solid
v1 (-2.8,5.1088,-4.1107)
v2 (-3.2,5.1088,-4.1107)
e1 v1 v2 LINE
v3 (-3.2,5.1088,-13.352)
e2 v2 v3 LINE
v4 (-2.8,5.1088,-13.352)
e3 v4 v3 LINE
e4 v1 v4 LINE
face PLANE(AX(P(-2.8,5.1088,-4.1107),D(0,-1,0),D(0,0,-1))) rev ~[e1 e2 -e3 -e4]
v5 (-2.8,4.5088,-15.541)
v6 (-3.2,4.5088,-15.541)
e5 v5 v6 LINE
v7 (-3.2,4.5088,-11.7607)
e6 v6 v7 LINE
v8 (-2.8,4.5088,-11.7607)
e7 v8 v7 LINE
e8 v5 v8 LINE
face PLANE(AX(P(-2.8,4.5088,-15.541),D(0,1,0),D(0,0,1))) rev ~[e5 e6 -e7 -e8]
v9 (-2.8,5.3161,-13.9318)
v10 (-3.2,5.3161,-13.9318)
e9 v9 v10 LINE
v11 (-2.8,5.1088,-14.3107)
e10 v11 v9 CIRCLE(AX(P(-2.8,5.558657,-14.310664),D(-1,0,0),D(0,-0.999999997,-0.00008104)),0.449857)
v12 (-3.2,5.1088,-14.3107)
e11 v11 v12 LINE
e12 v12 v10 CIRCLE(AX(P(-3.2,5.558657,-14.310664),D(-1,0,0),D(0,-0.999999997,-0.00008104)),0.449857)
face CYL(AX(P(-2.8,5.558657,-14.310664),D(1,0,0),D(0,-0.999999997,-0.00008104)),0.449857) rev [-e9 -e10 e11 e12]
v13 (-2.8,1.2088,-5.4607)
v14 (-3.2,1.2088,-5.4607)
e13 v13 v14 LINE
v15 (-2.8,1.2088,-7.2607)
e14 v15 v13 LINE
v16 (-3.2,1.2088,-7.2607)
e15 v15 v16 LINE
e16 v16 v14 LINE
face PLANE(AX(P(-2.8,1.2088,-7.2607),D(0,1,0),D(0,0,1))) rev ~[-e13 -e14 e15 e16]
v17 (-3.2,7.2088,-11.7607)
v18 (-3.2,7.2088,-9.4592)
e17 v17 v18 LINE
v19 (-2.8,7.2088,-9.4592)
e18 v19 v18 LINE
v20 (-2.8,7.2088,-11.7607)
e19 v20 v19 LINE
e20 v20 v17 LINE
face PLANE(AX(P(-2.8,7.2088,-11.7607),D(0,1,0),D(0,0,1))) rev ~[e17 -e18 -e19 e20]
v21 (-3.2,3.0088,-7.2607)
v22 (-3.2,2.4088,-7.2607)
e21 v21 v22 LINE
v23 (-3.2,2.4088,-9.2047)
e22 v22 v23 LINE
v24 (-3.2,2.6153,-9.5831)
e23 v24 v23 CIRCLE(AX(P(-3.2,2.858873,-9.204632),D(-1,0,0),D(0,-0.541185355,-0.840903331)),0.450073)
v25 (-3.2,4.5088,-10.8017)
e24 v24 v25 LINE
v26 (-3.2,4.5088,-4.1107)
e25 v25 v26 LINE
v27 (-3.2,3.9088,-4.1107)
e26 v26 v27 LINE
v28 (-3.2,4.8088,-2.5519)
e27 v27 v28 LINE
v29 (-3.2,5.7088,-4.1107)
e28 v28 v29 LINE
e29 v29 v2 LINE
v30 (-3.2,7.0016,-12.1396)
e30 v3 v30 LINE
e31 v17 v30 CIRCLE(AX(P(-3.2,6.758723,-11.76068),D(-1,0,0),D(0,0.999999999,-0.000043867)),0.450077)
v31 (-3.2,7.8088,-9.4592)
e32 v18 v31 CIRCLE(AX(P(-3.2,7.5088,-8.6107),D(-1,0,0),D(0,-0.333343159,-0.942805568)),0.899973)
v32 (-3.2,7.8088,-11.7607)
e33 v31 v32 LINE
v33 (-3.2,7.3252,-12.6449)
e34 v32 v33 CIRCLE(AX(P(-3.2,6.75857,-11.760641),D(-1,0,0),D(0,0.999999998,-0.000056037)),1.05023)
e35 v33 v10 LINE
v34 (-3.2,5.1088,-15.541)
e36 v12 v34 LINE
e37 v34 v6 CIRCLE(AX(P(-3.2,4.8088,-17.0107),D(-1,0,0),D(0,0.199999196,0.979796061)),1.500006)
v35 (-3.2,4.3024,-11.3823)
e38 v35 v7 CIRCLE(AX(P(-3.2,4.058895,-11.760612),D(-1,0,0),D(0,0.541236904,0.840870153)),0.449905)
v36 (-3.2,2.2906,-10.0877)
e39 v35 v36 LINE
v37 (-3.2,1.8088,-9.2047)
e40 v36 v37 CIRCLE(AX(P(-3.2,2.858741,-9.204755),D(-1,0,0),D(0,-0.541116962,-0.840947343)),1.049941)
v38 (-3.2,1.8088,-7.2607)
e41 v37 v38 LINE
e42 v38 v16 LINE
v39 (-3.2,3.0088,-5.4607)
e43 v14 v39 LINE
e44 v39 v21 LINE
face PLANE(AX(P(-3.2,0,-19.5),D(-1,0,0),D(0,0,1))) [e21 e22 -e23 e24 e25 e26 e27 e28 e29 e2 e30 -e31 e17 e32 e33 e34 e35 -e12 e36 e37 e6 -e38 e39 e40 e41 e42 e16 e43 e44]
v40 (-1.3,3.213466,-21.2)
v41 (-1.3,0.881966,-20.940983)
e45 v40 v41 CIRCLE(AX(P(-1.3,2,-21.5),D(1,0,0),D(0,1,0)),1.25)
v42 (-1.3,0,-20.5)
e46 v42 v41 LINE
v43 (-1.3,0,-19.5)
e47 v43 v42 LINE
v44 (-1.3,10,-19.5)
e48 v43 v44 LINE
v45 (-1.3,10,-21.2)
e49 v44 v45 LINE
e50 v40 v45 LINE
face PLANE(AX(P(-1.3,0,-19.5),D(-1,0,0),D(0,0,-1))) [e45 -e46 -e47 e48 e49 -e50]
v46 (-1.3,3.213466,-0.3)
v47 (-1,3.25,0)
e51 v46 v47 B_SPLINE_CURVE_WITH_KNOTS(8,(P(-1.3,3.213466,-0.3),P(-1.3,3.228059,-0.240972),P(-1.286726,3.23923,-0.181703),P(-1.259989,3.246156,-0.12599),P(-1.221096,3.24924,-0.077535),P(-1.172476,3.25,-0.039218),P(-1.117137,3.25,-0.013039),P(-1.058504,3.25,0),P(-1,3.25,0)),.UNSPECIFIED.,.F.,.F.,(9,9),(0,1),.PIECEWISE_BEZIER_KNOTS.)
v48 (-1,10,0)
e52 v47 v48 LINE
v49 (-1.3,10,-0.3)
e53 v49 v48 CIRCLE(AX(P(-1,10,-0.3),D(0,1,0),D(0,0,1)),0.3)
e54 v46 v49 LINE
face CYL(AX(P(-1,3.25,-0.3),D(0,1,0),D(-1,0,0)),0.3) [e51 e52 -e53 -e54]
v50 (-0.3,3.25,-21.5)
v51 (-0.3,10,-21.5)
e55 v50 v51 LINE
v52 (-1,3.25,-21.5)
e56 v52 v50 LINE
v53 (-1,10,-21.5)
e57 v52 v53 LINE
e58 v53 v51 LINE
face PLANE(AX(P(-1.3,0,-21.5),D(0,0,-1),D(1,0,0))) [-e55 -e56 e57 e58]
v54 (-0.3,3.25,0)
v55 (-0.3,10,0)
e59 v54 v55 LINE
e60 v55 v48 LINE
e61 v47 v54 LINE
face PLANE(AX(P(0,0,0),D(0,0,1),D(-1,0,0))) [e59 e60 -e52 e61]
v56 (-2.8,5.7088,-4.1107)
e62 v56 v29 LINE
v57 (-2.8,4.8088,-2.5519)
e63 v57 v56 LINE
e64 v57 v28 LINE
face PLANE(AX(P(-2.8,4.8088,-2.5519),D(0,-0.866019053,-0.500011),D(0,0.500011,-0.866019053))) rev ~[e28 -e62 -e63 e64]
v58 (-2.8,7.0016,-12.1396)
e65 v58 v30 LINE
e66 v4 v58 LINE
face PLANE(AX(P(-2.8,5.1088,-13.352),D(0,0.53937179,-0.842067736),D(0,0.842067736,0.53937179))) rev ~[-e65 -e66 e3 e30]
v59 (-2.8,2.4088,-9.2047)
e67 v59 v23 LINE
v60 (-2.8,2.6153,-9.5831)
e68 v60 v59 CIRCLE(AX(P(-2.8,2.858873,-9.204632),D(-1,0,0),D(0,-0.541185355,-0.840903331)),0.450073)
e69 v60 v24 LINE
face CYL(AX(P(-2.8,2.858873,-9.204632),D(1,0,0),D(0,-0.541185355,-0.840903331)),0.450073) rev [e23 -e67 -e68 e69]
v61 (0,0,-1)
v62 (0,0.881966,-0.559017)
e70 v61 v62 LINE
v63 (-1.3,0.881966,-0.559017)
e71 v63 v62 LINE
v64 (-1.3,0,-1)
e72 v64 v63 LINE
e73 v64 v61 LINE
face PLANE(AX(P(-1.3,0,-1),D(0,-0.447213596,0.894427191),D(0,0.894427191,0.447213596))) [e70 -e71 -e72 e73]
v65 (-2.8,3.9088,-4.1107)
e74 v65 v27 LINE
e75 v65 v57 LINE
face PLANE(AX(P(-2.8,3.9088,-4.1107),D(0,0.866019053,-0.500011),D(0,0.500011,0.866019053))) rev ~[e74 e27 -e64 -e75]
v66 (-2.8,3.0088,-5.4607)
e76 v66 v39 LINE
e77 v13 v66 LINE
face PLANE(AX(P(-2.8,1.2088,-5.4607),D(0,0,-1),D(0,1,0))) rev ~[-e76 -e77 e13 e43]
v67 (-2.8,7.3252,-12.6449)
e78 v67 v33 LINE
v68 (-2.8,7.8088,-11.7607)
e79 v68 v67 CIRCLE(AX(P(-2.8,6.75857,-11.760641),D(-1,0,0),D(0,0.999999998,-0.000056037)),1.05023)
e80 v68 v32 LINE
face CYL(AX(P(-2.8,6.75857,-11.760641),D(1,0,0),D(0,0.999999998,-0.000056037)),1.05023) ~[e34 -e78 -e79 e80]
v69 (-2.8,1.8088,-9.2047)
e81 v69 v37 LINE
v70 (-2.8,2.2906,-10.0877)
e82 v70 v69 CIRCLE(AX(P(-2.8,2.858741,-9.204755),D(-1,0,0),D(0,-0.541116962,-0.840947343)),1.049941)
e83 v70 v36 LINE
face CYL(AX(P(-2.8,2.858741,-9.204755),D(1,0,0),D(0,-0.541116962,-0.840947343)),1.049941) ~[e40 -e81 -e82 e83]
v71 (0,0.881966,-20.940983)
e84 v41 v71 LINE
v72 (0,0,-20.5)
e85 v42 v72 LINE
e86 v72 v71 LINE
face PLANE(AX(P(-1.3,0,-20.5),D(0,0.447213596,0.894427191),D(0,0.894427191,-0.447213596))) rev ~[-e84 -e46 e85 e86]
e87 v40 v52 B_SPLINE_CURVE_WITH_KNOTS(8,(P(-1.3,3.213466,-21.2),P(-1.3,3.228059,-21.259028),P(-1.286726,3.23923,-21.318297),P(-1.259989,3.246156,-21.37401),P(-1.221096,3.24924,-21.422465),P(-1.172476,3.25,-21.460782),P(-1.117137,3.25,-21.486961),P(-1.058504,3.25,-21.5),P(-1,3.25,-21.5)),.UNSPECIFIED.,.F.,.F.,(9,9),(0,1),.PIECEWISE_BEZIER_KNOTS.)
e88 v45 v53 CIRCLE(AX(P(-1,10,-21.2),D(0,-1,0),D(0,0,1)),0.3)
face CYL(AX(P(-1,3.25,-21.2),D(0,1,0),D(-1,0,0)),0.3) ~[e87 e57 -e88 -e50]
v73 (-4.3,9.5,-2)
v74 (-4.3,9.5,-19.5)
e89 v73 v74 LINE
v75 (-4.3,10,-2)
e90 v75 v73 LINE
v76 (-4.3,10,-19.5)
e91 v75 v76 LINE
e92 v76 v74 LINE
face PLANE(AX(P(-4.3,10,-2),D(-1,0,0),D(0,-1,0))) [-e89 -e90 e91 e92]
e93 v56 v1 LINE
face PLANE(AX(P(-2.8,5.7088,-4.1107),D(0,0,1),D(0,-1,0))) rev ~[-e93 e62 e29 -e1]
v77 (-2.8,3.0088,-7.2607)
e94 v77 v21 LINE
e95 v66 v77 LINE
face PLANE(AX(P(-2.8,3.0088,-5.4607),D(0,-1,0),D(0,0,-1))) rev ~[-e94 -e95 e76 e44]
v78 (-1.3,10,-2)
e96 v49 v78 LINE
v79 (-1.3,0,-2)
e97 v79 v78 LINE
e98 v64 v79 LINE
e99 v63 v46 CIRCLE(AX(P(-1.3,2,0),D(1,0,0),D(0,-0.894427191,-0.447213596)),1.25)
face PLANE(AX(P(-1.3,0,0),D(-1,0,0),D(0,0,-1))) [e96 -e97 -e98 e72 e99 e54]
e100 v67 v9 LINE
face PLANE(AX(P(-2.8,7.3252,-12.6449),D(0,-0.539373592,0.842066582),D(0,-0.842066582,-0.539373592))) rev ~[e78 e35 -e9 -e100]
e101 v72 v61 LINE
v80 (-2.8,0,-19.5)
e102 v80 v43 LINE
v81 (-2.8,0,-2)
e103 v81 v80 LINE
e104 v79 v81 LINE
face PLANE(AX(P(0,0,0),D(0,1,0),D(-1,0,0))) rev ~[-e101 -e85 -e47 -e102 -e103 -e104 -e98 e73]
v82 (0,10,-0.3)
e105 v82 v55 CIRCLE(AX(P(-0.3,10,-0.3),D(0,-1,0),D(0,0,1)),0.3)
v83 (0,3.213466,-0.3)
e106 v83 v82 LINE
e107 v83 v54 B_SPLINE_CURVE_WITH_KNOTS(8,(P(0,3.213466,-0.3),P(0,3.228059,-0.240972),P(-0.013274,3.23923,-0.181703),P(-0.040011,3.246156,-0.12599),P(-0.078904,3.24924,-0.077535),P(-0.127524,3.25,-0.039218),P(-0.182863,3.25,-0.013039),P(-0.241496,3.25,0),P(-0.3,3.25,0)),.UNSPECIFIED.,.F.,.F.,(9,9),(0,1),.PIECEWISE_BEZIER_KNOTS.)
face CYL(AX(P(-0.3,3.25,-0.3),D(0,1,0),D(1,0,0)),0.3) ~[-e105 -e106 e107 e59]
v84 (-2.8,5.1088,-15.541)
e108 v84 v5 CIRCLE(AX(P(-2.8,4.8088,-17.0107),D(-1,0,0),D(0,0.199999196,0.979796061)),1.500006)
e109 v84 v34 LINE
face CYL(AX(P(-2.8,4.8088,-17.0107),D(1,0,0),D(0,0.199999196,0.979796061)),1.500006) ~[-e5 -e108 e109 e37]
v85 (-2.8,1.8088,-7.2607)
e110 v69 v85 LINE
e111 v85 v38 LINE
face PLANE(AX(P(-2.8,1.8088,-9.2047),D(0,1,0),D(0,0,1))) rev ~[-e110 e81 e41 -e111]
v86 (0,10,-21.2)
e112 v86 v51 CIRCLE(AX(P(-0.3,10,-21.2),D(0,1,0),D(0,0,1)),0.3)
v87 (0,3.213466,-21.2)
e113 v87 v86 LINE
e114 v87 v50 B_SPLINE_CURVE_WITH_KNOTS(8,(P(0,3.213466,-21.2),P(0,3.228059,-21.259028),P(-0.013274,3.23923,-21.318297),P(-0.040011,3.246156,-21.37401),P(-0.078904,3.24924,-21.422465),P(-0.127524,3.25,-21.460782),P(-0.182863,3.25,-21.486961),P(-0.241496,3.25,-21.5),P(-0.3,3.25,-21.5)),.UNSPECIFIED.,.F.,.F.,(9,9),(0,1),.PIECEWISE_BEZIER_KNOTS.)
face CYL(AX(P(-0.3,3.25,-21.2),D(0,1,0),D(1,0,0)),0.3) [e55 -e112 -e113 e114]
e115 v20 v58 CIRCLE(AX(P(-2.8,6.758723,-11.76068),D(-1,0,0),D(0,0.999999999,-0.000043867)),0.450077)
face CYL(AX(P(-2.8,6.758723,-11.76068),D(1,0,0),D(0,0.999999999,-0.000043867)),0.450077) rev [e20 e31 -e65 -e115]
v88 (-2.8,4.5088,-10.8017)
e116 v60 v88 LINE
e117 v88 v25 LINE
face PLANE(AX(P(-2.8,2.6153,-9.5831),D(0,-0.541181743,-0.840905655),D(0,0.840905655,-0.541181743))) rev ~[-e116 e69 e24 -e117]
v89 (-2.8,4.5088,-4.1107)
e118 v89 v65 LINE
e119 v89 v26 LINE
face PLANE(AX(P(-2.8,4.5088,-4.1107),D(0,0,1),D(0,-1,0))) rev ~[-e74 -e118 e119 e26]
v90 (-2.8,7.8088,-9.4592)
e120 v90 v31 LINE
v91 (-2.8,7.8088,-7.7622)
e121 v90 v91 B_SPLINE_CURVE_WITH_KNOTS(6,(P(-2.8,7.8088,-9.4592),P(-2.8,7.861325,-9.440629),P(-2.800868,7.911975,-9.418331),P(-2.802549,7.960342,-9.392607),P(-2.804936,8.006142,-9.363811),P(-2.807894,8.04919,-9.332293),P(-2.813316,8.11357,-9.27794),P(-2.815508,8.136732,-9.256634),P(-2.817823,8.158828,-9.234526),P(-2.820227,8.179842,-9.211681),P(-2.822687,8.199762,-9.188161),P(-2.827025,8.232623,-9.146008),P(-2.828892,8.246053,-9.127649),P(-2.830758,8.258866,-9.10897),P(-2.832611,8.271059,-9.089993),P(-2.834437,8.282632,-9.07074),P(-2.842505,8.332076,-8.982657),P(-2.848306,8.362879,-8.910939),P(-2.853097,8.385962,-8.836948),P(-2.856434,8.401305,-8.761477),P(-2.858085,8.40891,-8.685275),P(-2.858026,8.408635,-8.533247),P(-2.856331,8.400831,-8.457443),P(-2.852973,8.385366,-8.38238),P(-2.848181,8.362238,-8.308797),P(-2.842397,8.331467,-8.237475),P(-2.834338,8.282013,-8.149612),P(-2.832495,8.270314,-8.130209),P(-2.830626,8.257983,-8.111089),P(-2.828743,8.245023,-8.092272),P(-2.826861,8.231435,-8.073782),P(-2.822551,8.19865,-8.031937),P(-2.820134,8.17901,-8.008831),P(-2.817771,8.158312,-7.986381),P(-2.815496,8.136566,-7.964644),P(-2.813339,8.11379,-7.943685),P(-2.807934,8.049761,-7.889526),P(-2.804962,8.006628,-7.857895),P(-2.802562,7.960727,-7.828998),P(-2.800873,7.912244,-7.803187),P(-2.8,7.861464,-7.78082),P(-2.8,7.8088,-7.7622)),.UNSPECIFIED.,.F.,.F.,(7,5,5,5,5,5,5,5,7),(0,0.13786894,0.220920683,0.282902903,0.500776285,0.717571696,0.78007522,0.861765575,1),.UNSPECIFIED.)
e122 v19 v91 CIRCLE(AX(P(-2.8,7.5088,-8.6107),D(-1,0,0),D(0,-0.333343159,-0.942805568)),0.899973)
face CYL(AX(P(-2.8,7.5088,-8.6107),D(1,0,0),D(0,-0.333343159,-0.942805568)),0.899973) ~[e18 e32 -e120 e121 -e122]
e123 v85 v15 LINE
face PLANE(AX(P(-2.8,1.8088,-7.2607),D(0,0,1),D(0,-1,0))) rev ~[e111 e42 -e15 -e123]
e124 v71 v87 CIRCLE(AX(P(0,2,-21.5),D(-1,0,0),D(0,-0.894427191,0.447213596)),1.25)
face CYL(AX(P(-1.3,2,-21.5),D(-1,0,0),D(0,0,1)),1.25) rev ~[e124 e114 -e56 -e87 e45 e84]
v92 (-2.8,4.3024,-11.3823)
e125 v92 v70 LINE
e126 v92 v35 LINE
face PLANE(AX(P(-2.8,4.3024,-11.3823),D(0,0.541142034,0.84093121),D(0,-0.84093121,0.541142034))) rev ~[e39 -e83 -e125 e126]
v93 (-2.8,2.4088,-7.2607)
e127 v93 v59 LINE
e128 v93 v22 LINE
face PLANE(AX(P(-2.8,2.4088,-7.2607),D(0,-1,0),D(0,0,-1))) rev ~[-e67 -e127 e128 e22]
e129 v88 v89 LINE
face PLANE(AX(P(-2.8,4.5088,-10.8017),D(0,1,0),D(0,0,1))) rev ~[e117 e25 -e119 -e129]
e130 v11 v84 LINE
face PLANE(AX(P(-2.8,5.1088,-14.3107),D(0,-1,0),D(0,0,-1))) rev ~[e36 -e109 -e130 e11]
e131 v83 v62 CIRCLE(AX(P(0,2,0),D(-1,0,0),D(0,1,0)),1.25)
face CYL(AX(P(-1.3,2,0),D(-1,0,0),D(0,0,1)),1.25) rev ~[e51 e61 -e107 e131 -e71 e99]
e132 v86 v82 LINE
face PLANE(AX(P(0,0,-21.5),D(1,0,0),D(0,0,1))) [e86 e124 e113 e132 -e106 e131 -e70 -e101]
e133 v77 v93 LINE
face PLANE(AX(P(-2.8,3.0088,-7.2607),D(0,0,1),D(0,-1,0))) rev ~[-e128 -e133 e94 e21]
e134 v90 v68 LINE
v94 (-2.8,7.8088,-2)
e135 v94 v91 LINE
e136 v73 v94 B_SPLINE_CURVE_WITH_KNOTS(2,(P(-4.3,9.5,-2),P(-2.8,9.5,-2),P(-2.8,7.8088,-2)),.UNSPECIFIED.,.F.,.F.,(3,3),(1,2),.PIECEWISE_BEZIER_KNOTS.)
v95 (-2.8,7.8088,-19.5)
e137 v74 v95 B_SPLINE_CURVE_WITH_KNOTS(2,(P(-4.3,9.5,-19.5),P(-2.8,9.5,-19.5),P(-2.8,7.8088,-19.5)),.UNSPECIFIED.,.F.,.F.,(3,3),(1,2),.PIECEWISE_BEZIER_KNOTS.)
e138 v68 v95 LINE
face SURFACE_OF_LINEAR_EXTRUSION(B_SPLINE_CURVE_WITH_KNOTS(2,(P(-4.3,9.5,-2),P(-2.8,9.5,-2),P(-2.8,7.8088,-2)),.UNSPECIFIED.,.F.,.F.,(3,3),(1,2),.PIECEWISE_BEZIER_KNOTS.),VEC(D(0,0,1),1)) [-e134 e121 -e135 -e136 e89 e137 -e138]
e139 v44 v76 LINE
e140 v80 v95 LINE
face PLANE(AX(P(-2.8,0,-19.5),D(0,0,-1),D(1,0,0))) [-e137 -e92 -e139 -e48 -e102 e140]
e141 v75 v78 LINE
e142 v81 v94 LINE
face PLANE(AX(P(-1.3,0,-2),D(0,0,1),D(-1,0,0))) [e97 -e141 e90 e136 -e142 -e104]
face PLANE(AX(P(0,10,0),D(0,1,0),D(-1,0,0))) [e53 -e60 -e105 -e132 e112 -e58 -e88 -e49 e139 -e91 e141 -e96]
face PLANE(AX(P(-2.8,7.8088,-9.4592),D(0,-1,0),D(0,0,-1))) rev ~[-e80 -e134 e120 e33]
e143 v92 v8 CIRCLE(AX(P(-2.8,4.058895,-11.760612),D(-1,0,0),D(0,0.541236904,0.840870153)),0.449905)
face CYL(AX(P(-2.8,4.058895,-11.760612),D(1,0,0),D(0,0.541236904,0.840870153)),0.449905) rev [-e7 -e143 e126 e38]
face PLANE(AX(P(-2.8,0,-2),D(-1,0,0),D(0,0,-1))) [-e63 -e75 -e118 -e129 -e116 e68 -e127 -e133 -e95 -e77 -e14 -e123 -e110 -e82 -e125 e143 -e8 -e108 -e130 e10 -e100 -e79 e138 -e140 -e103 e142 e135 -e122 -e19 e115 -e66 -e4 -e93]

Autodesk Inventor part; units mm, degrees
ref_plane "YZ Plane" through (0, 0, 0) normal (1, 0, 0) x (0, 1, 0)
ref_plane "XZ Plane" through (0, 0, 0) normal (0, 1, 0) x (-1, 0, 0)
ref_plane "XY Plane" through (0, 0, 0) normal (0, 0, 1) x (1, 0, 0)
sketch "Skizze1" plane through (0, 0, 0) normal (0, 1, 0) x (-1, 0, 0)
  line L0 (0, 0) -> (1.3, 0)
  line L1 (1.3, 0) -> (1.3, -21.5)
  line L2 (1.3, -21.5) -> (0, -21.5)
  line L3 (0, -21.5) -> (0, 0)
  line L4 (1.3, 0) -> (2.8, 0)
  line L5 (2.8, 0) -> (2.8, -21.5)
  line L6 (2.8, -21.5) -> (1.3, -21.5)
  line L7 (1.3, -21.5) -> (1.3, 0)
  line L8 (2.8, 0) -> (1.3, 0)
  line L9 (1.3, 0) -> (1.3, -2)
  line L10 (1.3, -2) -> (2.8, -2)
  line L11 (2.8, -2) -> (2.8, 0)
  line L12 (1.3, -21.5) -> (2.8, -21.5)
  line L13 (2.8, -21.5) -> (2.8, -19.5)
  line L14 (2.8, -19.5) -> (1.3, -19.5)
  line L15 (1.3, -19.5) -> (1.3, -21.5)
  point P0 (1.3, -19.5)
  point P1 (2.8, -2)
  point P2 (1.3, -2)
  dimension "d0" = 1.3
  dimension "d1" = 21.5
  dimension "d2" = 1.5
  dimension "d3" = 2
  dimension "d4" = 2
extrude "Extrusion1" add sketch "Skizze1" along normal blind 10 contours L0 L1 L2 L3 | L10 L5 L14 L1
sketch "Skizze3" plane through (-2.8, 0, -19.5) normal (-1, 0, 0) x (0, 0, 1)
  line L0 (12.2393, 3.0088) -> (12.2393, 2.4088)
  line L1 (12.2393, 2.4088) -> (10.2953, 2.4088)
  arc A0 (9.9169, 2.6153) -> (10.2953, 2.4088) centre (10.2953, 2.8588) ccw
  line L2 (9.9169, 2.6153) -> (8.6983, 4.5088)
  line L3 (8.6983, 4.5088) -> (15.3893, 4.5088)
  line L4 (15.3893, 4.5088) -> (15.3893, 3.9088)
  line L5 (15.3893, 3.9088) -> (16.9481, 4.8088)
  line L6 (16.9481, 4.8088) -> (15.3893, 5.7088)
  line L7 (15.3893, 5.7088) -> (15.3893, 5.1088)
  line L8 (15.3893, 5.1088) -> (6.148, 5.1088)
  line L9 (6.148, 5.1088) -> (7.3604, 7.0016)
  arc A1 (7.7393, 7.2088) -> (7.3604, 7.0016) centre (7.7393, 6.7588) ccw
  line L10 (7.7393, 7.2088) -> (10.0408, 7.2088)
  arc A2 (10.0408, 7.2088) -> (10.0408, 7.8088) centre (10.8893, 7.5088) ccw
  line L11 (10.0408, 7.8088) -> (7.7393, 7.8088)
  arc A3 (7.7393, 7.8088) -> (6.8551, 7.3252) centre (7.7393, 6.7588) ccw
  line L12 (6.8551, 7.3252) -> (5.5682, 5.3161)
  arc A4 (5.1893, 5.1088) -> (5.5682, 5.3161) centre (5.1893, 5.5588) ccw
  line L13 (5.1893, 5.1088) -> (3.959, 5.1088)
  arc A5 (3.959, 5.1088) -> (3.959, 4.5088) centre (2.4893, 4.8088) ccw
  line L14 (3.959, 4.5088) -> (7.7393, 4.5088)
  arc A6 (8.1177, 4.3024) -> (7.7393, 4.5088) centre (7.7393, 4.0588) ccw
  line L15 (8.1177, 4.3024) -> (9.4123, 2.2906)
  arc A7 (9.4123, 2.2906) -> (10.2953, 1.8088) centre (10.2953, 2.8588) ccw
  line L16 (10.2953, 1.8088) -> (12.2393, 1.8088)
  line L17 (12.2393, 1.8088) -> (12.2393, 1.2088)
  line L18 (12.2393, 1.2088) -> (14.0393, 1.2088)
  line L19 (14.0393, 1.2088) -> (14.0393, 3.0088)
  line L20 (14.0393, 3.0088) -> (12.2393, 3.0088)
  point P0 (19.5, 0)
  point P1 (8.1177, 4.3024)
  point P2 (9.4123, 2.2906)
  point P3 (10.2953, 1.8088)
  point P4 (9.9169, 2.6153)
  point P5 (6.148, 5.1088)
  point P6 (7.3604, 7.0016)
  point P7 (7.7393, 7.2088)
  point P8 (10.0408, 7.8088)
  point P9 (7.7393, 7.8088)
  point P10 (6.8551, 7.3252)
  point P11 (5.1893, 5.1088)
  point P12 (3.959, 5.1088)
  point P13 (3.959, 4.5088)
  point P14 (7.7393, 4.5088)
extrude "Extrusion2" add sketch "Skizze3" along normal blind 0.4
sketch "Skizze4" plane through (-2.8, 0, -2) normal (0, 0, 1) x (1, 0, 0)
  line L0 (1.5, 10) -> (0, 10) projected
  line L1 (0, 10) -> (-1.5, 10)
  line L2 (0, 10) -> (-1.5, 10)
  line L3 (-1.5, 10) -> (-1.5, 9.5)
  line L4 (-1.5, 9.5) -> (0, 9.5)
  line L5 (0, 9.5) -> (0, 10)
  line L6 (0, 9.5) -> (0, 8)
  line L7 (0, 7.8088) -> (-0.4, 7.8088) projected
  line L8 (-1.5, 9.5) -> (0, 9.5) construction
  line L9 (0, 9.5) -> (0, 7.8088) construction
  line L10 (0, 0) -> (0, 10) projected
  spline S0 degree 2 poles (-1.5, 9.5) (0, 9.5) (0, 7.8088) knots 1 1 1 2 2 2
  point P0 (2.8, 0)
  dimension "d9" = 1.5
  dimension "d10" = 0.5
  dimension "d11" = 1.5
extrude "Extrusion3" add sketch "Skizze4" against normal up to surface (17.5 mm away)
sketch "Skizze5" plane through (-1.3, 0, -2) normal (-1, 0, 0) x (0, 0, 1)
  line L0 (0, 10) -> (2, 10) projected
  line L1 (2, 10) -> (2, 2)
  line L2 (2, 0) -> (2, 10) projected
  line L3 (2, 2) -> (-19.5, 2)
  line L4 (-19.5, 0) -> (-19.5, 10) projected
  circle A0 centre (2, 2) radius 1.25
  circle A1 centre (-19.5, 2) radius 1.25
  line L5 (2, 0) -> (-19.5, 0) projected
  line L6 (1, 0) -> (2, 2)
  line L7 (-19.5, 0) -> (-17.5, 0) projected
  line L8 (-18.5, 0) -> (-19.5, 2)
  point P0 (1.441, 0.882)
  point P1 (2, 0.75)
  point P2 (-18.5, 0)
  point P3 (-18.941, 0.882)
  point P4 (-19.5, 0.75)
  dimension "d14" = 8
  dimension "d15" = 2.5
  dimension "d16" = 2.5
extrude "Extrusion4" cut sketch "Skizze5" against normal up to surface (1.3 mm away) contours A0 L2 L1 | L1 L3 A0 | L6 A0 L3 | L2 A0 L6 | L2 L5 L6 A0 | A1 L8 L3 | L3 L4 A1 | L8 A1 L4 | L4 A1 | L8 L5 L4 A1
fillet "Rundung1" radius 0.3 4 edges at (-1.3, 6.625, 0) (-1.3, 6.625, -21.5) (0, 6.625, -21.5) (0, 6.625, 0)
properties part number "USB-Deckel"
